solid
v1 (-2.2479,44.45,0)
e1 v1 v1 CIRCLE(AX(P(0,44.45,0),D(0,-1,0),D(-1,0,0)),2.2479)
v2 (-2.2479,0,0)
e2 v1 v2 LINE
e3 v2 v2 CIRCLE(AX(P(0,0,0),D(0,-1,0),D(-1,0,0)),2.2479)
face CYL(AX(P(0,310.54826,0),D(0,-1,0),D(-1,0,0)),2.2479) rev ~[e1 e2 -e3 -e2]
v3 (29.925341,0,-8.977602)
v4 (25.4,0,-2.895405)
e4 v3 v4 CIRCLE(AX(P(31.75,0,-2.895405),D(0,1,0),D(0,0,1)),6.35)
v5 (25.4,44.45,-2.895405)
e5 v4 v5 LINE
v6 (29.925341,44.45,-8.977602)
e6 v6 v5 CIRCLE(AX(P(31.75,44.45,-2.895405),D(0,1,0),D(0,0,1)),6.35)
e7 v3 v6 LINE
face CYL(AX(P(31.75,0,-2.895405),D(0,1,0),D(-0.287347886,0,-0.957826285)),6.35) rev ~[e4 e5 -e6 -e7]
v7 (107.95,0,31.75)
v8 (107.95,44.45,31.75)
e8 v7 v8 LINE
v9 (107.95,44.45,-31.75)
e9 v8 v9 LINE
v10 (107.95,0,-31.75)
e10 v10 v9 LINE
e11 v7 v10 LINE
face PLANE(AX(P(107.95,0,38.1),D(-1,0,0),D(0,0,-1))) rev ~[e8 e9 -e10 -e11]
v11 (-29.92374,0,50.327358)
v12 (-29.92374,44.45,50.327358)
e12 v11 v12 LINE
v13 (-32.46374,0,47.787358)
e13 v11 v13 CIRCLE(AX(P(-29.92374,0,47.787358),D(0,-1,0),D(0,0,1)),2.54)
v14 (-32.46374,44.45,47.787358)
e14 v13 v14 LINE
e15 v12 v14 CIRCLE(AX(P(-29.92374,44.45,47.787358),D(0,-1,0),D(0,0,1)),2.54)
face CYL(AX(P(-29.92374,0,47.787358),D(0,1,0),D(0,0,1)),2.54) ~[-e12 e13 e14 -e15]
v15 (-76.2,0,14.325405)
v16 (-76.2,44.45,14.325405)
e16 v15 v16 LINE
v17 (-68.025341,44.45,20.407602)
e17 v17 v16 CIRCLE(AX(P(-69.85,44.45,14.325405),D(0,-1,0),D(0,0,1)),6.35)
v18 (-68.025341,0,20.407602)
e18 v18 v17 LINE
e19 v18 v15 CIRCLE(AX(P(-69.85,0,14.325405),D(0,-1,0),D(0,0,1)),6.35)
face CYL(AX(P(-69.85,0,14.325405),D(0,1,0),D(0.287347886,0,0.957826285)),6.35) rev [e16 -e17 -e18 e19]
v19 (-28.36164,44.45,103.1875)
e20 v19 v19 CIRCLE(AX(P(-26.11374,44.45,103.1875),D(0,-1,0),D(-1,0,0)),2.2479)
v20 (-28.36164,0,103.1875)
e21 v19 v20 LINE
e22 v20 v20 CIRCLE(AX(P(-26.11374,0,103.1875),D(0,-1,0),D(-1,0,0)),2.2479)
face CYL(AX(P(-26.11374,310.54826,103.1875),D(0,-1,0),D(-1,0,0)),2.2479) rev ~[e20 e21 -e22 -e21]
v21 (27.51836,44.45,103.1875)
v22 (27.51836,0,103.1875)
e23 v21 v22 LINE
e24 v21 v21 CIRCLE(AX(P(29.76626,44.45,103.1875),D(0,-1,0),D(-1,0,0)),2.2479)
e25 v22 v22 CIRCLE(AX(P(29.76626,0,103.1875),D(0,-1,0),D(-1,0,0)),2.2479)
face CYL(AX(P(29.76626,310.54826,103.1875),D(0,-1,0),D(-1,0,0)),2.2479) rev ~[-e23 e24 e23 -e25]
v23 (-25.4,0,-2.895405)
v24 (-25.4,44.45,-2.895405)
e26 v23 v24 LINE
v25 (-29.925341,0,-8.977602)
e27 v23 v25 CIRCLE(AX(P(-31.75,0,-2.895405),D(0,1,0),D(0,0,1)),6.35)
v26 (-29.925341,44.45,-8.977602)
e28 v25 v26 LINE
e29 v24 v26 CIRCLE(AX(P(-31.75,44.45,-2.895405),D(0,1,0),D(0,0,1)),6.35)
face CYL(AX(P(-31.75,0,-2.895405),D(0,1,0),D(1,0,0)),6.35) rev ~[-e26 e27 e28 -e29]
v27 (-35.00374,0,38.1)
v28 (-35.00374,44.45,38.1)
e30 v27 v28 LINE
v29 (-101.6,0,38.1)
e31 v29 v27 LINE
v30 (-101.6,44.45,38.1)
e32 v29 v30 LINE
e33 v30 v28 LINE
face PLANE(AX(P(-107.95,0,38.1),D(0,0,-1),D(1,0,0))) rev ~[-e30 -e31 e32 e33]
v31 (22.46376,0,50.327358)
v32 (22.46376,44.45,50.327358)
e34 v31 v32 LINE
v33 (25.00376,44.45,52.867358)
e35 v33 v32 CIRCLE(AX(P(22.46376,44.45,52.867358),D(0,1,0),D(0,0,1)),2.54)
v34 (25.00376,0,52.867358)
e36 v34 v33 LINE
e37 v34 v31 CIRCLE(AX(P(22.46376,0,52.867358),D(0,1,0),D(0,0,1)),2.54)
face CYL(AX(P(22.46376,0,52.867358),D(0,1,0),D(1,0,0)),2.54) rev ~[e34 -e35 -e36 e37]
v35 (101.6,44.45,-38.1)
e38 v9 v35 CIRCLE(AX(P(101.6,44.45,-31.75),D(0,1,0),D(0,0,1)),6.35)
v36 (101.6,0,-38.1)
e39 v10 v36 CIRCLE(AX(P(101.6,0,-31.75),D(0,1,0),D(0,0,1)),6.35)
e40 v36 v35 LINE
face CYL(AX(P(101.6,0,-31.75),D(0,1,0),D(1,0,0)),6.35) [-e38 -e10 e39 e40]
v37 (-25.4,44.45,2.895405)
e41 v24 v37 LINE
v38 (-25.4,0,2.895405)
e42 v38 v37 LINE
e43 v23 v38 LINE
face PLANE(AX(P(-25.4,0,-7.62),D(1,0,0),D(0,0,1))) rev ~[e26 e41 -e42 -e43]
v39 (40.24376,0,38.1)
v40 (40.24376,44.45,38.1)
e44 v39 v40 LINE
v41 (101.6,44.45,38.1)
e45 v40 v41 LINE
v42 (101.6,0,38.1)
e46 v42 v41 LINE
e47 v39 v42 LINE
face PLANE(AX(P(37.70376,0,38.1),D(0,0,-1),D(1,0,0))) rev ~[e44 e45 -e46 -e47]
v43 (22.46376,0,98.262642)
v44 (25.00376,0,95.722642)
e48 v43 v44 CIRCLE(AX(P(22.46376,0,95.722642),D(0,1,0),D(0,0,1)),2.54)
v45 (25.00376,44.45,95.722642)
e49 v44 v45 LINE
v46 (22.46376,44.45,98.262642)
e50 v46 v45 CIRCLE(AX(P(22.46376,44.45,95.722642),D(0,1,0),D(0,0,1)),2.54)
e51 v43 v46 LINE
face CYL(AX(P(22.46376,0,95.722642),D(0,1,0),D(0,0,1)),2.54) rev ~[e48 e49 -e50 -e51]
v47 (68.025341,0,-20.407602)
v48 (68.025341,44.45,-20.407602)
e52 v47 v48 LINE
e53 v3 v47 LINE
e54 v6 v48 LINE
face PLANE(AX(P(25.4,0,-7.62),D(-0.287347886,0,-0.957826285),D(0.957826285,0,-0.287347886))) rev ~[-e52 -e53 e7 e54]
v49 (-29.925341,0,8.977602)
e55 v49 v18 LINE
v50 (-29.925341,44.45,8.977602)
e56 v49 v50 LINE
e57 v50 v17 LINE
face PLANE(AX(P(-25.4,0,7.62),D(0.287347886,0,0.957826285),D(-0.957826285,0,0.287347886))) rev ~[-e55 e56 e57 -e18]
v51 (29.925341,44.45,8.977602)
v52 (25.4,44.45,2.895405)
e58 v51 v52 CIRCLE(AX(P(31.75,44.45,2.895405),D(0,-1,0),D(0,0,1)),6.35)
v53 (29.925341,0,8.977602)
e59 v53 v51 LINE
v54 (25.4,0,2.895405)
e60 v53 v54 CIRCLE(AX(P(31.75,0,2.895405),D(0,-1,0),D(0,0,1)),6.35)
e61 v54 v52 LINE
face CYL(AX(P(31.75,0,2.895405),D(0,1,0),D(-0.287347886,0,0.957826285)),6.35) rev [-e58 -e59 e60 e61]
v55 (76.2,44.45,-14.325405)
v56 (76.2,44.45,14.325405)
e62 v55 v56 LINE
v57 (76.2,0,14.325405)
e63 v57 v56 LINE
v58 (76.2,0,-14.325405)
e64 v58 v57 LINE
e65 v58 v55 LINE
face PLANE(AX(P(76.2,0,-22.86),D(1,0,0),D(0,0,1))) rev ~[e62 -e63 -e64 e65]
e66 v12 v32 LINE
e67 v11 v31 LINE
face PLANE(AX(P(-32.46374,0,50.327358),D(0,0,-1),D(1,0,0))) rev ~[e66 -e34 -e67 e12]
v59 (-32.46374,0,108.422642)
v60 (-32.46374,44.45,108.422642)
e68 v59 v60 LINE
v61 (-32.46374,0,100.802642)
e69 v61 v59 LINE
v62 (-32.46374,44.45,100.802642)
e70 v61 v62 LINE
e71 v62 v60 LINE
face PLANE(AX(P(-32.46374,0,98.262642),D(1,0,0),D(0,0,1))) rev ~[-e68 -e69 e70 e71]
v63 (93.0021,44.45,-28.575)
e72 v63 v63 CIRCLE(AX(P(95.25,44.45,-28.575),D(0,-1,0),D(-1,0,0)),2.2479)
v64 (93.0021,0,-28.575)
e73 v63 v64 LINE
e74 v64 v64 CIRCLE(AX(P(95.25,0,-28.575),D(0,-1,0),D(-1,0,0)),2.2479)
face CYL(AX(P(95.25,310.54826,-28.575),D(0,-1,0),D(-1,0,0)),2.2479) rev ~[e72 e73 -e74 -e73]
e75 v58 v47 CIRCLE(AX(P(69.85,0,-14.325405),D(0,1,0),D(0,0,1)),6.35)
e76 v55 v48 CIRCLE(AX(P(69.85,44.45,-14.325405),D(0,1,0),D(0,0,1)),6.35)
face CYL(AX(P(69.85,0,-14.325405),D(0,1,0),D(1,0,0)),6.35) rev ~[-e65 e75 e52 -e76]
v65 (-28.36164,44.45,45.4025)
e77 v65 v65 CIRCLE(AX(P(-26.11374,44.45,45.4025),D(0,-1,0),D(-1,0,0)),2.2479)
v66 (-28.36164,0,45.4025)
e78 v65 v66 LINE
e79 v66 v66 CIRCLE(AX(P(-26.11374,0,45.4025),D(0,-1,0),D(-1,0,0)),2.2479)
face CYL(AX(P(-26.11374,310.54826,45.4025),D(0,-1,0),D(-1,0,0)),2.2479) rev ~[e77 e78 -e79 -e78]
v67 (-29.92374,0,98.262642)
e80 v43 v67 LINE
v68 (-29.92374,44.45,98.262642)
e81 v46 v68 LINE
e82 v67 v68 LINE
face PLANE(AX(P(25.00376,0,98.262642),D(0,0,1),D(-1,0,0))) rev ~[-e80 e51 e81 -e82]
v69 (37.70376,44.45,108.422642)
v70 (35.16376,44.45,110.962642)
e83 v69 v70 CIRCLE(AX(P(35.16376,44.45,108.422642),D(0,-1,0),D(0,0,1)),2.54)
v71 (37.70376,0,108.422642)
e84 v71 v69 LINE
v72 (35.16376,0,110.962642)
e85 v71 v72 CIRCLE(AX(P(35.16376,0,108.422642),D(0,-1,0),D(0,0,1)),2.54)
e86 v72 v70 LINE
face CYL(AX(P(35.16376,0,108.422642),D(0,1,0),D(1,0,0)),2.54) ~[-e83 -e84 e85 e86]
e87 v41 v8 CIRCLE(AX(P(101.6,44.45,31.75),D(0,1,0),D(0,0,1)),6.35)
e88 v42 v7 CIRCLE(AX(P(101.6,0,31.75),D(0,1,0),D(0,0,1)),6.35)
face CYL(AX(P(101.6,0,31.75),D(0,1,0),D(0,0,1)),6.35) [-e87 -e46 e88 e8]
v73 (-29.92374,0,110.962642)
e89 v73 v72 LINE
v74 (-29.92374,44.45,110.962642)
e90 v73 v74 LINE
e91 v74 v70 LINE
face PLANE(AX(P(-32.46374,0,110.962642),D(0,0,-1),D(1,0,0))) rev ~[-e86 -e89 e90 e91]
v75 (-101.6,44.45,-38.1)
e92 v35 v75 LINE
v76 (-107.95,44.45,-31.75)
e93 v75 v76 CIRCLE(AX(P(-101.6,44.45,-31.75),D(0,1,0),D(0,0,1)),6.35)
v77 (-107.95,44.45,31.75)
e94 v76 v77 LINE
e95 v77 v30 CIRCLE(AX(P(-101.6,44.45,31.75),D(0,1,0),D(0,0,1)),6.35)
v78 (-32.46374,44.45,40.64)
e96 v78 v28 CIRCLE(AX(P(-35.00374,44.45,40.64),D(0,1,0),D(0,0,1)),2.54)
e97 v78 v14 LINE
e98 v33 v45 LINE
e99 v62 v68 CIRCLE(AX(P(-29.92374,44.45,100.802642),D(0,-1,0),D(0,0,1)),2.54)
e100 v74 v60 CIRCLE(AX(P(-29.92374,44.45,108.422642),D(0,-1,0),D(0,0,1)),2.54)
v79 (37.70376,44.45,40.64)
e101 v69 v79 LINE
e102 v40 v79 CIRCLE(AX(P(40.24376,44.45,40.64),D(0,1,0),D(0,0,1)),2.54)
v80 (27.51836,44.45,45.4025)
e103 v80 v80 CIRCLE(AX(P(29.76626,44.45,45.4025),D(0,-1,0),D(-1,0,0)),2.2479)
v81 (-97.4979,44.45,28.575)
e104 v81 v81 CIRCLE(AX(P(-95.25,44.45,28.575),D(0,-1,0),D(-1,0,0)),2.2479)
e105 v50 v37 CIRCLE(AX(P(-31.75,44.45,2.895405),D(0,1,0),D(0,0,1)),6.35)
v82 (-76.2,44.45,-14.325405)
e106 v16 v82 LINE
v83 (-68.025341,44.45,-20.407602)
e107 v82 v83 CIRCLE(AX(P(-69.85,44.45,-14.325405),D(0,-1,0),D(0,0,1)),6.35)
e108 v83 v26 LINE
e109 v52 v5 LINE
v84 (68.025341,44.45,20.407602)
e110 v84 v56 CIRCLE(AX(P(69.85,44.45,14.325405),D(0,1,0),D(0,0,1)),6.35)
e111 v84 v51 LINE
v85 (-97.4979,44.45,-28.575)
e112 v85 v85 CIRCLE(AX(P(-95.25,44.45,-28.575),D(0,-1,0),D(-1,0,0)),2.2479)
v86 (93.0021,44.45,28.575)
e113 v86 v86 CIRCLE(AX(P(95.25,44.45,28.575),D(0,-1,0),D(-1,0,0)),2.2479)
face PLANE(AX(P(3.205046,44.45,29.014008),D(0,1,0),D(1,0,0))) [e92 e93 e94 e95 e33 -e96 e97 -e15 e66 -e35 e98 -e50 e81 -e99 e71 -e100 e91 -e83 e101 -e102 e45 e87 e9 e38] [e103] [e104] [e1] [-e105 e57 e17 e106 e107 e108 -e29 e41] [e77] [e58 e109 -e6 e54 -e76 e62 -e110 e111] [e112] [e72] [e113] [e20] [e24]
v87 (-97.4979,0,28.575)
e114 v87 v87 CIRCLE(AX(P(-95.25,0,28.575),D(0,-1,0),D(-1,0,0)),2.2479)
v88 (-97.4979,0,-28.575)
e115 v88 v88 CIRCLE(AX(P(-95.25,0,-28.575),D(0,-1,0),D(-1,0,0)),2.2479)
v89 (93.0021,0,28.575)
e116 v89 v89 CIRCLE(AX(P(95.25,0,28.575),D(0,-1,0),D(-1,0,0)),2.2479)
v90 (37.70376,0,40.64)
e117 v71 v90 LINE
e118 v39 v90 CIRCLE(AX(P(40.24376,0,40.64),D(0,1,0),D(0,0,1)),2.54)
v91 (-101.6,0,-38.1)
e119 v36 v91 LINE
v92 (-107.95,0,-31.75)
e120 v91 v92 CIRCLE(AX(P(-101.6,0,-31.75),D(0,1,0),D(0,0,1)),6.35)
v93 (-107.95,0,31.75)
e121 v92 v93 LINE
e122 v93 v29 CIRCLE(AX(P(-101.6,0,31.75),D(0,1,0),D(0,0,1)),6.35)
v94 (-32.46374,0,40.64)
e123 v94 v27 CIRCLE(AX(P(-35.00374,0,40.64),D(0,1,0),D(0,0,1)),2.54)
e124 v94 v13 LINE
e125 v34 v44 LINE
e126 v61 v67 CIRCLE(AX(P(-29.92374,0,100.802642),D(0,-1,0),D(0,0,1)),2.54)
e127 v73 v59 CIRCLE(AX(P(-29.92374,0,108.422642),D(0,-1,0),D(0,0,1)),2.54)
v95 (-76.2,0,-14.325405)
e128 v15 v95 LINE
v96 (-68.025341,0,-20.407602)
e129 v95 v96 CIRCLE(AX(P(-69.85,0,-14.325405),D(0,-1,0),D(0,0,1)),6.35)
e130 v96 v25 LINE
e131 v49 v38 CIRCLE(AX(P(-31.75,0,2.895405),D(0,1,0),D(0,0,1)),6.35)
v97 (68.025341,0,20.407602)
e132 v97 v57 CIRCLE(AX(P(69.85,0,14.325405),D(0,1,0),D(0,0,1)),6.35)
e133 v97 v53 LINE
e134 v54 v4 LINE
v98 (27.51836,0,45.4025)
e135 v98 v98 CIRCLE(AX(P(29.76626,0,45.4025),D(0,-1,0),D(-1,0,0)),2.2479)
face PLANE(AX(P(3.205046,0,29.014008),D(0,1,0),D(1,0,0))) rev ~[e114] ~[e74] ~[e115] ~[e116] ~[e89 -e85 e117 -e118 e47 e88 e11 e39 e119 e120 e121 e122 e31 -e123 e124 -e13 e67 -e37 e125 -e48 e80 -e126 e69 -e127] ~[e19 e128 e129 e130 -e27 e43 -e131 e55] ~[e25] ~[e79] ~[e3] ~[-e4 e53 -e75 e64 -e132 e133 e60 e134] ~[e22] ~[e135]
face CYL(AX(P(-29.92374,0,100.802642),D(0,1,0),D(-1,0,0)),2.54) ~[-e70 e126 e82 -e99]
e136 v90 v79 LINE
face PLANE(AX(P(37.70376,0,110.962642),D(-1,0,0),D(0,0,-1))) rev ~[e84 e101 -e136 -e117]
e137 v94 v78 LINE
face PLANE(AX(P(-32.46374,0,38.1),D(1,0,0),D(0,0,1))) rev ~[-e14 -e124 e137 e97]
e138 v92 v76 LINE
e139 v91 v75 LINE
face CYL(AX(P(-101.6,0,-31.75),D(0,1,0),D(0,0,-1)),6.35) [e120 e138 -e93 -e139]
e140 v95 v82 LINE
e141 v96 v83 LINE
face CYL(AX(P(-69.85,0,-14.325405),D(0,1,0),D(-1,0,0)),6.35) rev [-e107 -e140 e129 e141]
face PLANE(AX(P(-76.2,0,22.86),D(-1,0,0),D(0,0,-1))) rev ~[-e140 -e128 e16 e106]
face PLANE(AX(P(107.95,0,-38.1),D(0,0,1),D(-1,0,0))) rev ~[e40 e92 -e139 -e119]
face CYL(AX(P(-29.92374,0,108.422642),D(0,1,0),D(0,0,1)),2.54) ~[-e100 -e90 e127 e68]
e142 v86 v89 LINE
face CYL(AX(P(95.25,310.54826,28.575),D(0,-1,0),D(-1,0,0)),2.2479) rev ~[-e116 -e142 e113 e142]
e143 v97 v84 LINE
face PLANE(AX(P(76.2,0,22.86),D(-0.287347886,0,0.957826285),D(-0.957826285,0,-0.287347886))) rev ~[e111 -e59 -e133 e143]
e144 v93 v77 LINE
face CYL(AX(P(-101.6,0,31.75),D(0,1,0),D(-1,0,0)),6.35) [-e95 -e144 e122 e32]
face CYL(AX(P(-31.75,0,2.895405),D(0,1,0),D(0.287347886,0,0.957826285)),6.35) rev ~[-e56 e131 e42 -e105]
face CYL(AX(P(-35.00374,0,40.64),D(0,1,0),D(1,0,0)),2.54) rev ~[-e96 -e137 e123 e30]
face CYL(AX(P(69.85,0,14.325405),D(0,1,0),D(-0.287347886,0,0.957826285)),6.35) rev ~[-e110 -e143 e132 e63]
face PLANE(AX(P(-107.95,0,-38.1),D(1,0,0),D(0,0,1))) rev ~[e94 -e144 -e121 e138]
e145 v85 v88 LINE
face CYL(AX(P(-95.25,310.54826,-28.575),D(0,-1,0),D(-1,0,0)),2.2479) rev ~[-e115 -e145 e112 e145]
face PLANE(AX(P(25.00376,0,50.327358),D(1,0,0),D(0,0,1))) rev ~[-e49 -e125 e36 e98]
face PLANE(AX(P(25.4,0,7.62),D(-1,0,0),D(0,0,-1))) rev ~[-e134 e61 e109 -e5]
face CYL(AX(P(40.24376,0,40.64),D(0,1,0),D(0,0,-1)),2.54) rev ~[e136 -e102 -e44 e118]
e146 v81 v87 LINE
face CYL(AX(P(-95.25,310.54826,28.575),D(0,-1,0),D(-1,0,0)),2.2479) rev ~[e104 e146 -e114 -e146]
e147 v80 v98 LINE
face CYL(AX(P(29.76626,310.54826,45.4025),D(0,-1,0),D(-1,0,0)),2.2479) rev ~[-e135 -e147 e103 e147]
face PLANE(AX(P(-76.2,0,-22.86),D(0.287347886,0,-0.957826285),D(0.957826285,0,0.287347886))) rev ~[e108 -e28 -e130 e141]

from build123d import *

# Parameters (mm, degrees)
BOSS_EXTRUDE1_DEPTH   = 44.45
FILLET1_R             = 6.35
F_8_CLEARANCE_HOLE1_D = 4.4958
FILLET2_R             = 2.54


with BuildPart() as part:
    # Sketch1 → Boss-Extrude1 (new body)
    with BuildSketch(Plane(origin=(0, 0, 0), x_dir=(1, 0, 0), z_dir=(0, 1, 0))):
        Polygon((37.70376, -38.1), (107.95, -38.1), (107.95, 38.1), (-107.95, 38.1), (-107.95, -38.1), (-32.46374, -38.1), (-32.46374, -50.327357955), (25.00376, -50.327357955), (25.00376, -98.262642045), (-32.46374, -98.262642045), (-32.46374, -110.962642045), (37.70376, -110.962642045), align=None)
        Polygon((-76.2, -22.86), (-76.2, 22.86), (-25.4, 7.62), (-25.4, -7.62), align=None, mode=Mode.SUBTRACT)
        Polygon((25.4, -7.62), (25.4, 7.62), (76.2, 22.86), (76.2, -22.86), align=None, mode=Mode.SUBTRACT)
    extrude(amount=BOSS_EXTRUDE1_DEPTH)

    # Fillet1
    fillet1_edges = [part.edges().sort_by_distance(p)[0] for p in [
        (-107.95, 22.225, -38.1),
        (107.95, 22.225, -38.1),
        (107.95, 22.225, 38.1),
        (-107.95, 22.225, 38.1),
        (-76.2, 22.225, -22.86),
        (-76.2, 22.225, 22.86),
        (-25.4, 22.225, 7.62),
        (-25.4, 22.225, -7.62),
        (25.4, 22.225, -7.62),
        (25.4, 22.225, 7.62),
        (76.2, 22.225, 22.86),
        (76.2, 22.225, -22.86),
    ]]
    fillet(fillet1_edges, radius=FILLET1_R)

    # #8 Clearance Hole1 (through all)
    with Locations(Plane(origin=(0, 44.45, 0), x_dir=(1, 0, 0), z_dir=(0, 1, 0))):
        with Locations((95.25, 28.575), (95.25, -28.575), (-95.25, 28.575), (-95.25, -28.575), (0, 0), (-26.11374, -45.4025), (29.76626, -45.4025), (29.76626, -103.1875), (-26.11374, -103.1875)):
            Hole(F_8_CLEARANCE_HOLE1_D / 2)

    # Fillet2
    fillet2_edges = [part.edges().sort_by_distance(p)[0] for p in [
        (37.70376, 22.225, 38.1),
        (37.70376, 22.225, 110.962642045),
        (-32.46374, 22.225, 110.962642045),
        (-32.46374, 22.225, 98.262642045),
        (25.00376, 22.225, 98.262642045),
        (25.00376, 22.225, 50.327357955),
        (-32.46374, 22.225, 50.327357955),
        (-32.46374, 22.225, 38.1),
    ]]
    fillet(fillet2_edges, radius=FILLET2_R)


solid = part.part
